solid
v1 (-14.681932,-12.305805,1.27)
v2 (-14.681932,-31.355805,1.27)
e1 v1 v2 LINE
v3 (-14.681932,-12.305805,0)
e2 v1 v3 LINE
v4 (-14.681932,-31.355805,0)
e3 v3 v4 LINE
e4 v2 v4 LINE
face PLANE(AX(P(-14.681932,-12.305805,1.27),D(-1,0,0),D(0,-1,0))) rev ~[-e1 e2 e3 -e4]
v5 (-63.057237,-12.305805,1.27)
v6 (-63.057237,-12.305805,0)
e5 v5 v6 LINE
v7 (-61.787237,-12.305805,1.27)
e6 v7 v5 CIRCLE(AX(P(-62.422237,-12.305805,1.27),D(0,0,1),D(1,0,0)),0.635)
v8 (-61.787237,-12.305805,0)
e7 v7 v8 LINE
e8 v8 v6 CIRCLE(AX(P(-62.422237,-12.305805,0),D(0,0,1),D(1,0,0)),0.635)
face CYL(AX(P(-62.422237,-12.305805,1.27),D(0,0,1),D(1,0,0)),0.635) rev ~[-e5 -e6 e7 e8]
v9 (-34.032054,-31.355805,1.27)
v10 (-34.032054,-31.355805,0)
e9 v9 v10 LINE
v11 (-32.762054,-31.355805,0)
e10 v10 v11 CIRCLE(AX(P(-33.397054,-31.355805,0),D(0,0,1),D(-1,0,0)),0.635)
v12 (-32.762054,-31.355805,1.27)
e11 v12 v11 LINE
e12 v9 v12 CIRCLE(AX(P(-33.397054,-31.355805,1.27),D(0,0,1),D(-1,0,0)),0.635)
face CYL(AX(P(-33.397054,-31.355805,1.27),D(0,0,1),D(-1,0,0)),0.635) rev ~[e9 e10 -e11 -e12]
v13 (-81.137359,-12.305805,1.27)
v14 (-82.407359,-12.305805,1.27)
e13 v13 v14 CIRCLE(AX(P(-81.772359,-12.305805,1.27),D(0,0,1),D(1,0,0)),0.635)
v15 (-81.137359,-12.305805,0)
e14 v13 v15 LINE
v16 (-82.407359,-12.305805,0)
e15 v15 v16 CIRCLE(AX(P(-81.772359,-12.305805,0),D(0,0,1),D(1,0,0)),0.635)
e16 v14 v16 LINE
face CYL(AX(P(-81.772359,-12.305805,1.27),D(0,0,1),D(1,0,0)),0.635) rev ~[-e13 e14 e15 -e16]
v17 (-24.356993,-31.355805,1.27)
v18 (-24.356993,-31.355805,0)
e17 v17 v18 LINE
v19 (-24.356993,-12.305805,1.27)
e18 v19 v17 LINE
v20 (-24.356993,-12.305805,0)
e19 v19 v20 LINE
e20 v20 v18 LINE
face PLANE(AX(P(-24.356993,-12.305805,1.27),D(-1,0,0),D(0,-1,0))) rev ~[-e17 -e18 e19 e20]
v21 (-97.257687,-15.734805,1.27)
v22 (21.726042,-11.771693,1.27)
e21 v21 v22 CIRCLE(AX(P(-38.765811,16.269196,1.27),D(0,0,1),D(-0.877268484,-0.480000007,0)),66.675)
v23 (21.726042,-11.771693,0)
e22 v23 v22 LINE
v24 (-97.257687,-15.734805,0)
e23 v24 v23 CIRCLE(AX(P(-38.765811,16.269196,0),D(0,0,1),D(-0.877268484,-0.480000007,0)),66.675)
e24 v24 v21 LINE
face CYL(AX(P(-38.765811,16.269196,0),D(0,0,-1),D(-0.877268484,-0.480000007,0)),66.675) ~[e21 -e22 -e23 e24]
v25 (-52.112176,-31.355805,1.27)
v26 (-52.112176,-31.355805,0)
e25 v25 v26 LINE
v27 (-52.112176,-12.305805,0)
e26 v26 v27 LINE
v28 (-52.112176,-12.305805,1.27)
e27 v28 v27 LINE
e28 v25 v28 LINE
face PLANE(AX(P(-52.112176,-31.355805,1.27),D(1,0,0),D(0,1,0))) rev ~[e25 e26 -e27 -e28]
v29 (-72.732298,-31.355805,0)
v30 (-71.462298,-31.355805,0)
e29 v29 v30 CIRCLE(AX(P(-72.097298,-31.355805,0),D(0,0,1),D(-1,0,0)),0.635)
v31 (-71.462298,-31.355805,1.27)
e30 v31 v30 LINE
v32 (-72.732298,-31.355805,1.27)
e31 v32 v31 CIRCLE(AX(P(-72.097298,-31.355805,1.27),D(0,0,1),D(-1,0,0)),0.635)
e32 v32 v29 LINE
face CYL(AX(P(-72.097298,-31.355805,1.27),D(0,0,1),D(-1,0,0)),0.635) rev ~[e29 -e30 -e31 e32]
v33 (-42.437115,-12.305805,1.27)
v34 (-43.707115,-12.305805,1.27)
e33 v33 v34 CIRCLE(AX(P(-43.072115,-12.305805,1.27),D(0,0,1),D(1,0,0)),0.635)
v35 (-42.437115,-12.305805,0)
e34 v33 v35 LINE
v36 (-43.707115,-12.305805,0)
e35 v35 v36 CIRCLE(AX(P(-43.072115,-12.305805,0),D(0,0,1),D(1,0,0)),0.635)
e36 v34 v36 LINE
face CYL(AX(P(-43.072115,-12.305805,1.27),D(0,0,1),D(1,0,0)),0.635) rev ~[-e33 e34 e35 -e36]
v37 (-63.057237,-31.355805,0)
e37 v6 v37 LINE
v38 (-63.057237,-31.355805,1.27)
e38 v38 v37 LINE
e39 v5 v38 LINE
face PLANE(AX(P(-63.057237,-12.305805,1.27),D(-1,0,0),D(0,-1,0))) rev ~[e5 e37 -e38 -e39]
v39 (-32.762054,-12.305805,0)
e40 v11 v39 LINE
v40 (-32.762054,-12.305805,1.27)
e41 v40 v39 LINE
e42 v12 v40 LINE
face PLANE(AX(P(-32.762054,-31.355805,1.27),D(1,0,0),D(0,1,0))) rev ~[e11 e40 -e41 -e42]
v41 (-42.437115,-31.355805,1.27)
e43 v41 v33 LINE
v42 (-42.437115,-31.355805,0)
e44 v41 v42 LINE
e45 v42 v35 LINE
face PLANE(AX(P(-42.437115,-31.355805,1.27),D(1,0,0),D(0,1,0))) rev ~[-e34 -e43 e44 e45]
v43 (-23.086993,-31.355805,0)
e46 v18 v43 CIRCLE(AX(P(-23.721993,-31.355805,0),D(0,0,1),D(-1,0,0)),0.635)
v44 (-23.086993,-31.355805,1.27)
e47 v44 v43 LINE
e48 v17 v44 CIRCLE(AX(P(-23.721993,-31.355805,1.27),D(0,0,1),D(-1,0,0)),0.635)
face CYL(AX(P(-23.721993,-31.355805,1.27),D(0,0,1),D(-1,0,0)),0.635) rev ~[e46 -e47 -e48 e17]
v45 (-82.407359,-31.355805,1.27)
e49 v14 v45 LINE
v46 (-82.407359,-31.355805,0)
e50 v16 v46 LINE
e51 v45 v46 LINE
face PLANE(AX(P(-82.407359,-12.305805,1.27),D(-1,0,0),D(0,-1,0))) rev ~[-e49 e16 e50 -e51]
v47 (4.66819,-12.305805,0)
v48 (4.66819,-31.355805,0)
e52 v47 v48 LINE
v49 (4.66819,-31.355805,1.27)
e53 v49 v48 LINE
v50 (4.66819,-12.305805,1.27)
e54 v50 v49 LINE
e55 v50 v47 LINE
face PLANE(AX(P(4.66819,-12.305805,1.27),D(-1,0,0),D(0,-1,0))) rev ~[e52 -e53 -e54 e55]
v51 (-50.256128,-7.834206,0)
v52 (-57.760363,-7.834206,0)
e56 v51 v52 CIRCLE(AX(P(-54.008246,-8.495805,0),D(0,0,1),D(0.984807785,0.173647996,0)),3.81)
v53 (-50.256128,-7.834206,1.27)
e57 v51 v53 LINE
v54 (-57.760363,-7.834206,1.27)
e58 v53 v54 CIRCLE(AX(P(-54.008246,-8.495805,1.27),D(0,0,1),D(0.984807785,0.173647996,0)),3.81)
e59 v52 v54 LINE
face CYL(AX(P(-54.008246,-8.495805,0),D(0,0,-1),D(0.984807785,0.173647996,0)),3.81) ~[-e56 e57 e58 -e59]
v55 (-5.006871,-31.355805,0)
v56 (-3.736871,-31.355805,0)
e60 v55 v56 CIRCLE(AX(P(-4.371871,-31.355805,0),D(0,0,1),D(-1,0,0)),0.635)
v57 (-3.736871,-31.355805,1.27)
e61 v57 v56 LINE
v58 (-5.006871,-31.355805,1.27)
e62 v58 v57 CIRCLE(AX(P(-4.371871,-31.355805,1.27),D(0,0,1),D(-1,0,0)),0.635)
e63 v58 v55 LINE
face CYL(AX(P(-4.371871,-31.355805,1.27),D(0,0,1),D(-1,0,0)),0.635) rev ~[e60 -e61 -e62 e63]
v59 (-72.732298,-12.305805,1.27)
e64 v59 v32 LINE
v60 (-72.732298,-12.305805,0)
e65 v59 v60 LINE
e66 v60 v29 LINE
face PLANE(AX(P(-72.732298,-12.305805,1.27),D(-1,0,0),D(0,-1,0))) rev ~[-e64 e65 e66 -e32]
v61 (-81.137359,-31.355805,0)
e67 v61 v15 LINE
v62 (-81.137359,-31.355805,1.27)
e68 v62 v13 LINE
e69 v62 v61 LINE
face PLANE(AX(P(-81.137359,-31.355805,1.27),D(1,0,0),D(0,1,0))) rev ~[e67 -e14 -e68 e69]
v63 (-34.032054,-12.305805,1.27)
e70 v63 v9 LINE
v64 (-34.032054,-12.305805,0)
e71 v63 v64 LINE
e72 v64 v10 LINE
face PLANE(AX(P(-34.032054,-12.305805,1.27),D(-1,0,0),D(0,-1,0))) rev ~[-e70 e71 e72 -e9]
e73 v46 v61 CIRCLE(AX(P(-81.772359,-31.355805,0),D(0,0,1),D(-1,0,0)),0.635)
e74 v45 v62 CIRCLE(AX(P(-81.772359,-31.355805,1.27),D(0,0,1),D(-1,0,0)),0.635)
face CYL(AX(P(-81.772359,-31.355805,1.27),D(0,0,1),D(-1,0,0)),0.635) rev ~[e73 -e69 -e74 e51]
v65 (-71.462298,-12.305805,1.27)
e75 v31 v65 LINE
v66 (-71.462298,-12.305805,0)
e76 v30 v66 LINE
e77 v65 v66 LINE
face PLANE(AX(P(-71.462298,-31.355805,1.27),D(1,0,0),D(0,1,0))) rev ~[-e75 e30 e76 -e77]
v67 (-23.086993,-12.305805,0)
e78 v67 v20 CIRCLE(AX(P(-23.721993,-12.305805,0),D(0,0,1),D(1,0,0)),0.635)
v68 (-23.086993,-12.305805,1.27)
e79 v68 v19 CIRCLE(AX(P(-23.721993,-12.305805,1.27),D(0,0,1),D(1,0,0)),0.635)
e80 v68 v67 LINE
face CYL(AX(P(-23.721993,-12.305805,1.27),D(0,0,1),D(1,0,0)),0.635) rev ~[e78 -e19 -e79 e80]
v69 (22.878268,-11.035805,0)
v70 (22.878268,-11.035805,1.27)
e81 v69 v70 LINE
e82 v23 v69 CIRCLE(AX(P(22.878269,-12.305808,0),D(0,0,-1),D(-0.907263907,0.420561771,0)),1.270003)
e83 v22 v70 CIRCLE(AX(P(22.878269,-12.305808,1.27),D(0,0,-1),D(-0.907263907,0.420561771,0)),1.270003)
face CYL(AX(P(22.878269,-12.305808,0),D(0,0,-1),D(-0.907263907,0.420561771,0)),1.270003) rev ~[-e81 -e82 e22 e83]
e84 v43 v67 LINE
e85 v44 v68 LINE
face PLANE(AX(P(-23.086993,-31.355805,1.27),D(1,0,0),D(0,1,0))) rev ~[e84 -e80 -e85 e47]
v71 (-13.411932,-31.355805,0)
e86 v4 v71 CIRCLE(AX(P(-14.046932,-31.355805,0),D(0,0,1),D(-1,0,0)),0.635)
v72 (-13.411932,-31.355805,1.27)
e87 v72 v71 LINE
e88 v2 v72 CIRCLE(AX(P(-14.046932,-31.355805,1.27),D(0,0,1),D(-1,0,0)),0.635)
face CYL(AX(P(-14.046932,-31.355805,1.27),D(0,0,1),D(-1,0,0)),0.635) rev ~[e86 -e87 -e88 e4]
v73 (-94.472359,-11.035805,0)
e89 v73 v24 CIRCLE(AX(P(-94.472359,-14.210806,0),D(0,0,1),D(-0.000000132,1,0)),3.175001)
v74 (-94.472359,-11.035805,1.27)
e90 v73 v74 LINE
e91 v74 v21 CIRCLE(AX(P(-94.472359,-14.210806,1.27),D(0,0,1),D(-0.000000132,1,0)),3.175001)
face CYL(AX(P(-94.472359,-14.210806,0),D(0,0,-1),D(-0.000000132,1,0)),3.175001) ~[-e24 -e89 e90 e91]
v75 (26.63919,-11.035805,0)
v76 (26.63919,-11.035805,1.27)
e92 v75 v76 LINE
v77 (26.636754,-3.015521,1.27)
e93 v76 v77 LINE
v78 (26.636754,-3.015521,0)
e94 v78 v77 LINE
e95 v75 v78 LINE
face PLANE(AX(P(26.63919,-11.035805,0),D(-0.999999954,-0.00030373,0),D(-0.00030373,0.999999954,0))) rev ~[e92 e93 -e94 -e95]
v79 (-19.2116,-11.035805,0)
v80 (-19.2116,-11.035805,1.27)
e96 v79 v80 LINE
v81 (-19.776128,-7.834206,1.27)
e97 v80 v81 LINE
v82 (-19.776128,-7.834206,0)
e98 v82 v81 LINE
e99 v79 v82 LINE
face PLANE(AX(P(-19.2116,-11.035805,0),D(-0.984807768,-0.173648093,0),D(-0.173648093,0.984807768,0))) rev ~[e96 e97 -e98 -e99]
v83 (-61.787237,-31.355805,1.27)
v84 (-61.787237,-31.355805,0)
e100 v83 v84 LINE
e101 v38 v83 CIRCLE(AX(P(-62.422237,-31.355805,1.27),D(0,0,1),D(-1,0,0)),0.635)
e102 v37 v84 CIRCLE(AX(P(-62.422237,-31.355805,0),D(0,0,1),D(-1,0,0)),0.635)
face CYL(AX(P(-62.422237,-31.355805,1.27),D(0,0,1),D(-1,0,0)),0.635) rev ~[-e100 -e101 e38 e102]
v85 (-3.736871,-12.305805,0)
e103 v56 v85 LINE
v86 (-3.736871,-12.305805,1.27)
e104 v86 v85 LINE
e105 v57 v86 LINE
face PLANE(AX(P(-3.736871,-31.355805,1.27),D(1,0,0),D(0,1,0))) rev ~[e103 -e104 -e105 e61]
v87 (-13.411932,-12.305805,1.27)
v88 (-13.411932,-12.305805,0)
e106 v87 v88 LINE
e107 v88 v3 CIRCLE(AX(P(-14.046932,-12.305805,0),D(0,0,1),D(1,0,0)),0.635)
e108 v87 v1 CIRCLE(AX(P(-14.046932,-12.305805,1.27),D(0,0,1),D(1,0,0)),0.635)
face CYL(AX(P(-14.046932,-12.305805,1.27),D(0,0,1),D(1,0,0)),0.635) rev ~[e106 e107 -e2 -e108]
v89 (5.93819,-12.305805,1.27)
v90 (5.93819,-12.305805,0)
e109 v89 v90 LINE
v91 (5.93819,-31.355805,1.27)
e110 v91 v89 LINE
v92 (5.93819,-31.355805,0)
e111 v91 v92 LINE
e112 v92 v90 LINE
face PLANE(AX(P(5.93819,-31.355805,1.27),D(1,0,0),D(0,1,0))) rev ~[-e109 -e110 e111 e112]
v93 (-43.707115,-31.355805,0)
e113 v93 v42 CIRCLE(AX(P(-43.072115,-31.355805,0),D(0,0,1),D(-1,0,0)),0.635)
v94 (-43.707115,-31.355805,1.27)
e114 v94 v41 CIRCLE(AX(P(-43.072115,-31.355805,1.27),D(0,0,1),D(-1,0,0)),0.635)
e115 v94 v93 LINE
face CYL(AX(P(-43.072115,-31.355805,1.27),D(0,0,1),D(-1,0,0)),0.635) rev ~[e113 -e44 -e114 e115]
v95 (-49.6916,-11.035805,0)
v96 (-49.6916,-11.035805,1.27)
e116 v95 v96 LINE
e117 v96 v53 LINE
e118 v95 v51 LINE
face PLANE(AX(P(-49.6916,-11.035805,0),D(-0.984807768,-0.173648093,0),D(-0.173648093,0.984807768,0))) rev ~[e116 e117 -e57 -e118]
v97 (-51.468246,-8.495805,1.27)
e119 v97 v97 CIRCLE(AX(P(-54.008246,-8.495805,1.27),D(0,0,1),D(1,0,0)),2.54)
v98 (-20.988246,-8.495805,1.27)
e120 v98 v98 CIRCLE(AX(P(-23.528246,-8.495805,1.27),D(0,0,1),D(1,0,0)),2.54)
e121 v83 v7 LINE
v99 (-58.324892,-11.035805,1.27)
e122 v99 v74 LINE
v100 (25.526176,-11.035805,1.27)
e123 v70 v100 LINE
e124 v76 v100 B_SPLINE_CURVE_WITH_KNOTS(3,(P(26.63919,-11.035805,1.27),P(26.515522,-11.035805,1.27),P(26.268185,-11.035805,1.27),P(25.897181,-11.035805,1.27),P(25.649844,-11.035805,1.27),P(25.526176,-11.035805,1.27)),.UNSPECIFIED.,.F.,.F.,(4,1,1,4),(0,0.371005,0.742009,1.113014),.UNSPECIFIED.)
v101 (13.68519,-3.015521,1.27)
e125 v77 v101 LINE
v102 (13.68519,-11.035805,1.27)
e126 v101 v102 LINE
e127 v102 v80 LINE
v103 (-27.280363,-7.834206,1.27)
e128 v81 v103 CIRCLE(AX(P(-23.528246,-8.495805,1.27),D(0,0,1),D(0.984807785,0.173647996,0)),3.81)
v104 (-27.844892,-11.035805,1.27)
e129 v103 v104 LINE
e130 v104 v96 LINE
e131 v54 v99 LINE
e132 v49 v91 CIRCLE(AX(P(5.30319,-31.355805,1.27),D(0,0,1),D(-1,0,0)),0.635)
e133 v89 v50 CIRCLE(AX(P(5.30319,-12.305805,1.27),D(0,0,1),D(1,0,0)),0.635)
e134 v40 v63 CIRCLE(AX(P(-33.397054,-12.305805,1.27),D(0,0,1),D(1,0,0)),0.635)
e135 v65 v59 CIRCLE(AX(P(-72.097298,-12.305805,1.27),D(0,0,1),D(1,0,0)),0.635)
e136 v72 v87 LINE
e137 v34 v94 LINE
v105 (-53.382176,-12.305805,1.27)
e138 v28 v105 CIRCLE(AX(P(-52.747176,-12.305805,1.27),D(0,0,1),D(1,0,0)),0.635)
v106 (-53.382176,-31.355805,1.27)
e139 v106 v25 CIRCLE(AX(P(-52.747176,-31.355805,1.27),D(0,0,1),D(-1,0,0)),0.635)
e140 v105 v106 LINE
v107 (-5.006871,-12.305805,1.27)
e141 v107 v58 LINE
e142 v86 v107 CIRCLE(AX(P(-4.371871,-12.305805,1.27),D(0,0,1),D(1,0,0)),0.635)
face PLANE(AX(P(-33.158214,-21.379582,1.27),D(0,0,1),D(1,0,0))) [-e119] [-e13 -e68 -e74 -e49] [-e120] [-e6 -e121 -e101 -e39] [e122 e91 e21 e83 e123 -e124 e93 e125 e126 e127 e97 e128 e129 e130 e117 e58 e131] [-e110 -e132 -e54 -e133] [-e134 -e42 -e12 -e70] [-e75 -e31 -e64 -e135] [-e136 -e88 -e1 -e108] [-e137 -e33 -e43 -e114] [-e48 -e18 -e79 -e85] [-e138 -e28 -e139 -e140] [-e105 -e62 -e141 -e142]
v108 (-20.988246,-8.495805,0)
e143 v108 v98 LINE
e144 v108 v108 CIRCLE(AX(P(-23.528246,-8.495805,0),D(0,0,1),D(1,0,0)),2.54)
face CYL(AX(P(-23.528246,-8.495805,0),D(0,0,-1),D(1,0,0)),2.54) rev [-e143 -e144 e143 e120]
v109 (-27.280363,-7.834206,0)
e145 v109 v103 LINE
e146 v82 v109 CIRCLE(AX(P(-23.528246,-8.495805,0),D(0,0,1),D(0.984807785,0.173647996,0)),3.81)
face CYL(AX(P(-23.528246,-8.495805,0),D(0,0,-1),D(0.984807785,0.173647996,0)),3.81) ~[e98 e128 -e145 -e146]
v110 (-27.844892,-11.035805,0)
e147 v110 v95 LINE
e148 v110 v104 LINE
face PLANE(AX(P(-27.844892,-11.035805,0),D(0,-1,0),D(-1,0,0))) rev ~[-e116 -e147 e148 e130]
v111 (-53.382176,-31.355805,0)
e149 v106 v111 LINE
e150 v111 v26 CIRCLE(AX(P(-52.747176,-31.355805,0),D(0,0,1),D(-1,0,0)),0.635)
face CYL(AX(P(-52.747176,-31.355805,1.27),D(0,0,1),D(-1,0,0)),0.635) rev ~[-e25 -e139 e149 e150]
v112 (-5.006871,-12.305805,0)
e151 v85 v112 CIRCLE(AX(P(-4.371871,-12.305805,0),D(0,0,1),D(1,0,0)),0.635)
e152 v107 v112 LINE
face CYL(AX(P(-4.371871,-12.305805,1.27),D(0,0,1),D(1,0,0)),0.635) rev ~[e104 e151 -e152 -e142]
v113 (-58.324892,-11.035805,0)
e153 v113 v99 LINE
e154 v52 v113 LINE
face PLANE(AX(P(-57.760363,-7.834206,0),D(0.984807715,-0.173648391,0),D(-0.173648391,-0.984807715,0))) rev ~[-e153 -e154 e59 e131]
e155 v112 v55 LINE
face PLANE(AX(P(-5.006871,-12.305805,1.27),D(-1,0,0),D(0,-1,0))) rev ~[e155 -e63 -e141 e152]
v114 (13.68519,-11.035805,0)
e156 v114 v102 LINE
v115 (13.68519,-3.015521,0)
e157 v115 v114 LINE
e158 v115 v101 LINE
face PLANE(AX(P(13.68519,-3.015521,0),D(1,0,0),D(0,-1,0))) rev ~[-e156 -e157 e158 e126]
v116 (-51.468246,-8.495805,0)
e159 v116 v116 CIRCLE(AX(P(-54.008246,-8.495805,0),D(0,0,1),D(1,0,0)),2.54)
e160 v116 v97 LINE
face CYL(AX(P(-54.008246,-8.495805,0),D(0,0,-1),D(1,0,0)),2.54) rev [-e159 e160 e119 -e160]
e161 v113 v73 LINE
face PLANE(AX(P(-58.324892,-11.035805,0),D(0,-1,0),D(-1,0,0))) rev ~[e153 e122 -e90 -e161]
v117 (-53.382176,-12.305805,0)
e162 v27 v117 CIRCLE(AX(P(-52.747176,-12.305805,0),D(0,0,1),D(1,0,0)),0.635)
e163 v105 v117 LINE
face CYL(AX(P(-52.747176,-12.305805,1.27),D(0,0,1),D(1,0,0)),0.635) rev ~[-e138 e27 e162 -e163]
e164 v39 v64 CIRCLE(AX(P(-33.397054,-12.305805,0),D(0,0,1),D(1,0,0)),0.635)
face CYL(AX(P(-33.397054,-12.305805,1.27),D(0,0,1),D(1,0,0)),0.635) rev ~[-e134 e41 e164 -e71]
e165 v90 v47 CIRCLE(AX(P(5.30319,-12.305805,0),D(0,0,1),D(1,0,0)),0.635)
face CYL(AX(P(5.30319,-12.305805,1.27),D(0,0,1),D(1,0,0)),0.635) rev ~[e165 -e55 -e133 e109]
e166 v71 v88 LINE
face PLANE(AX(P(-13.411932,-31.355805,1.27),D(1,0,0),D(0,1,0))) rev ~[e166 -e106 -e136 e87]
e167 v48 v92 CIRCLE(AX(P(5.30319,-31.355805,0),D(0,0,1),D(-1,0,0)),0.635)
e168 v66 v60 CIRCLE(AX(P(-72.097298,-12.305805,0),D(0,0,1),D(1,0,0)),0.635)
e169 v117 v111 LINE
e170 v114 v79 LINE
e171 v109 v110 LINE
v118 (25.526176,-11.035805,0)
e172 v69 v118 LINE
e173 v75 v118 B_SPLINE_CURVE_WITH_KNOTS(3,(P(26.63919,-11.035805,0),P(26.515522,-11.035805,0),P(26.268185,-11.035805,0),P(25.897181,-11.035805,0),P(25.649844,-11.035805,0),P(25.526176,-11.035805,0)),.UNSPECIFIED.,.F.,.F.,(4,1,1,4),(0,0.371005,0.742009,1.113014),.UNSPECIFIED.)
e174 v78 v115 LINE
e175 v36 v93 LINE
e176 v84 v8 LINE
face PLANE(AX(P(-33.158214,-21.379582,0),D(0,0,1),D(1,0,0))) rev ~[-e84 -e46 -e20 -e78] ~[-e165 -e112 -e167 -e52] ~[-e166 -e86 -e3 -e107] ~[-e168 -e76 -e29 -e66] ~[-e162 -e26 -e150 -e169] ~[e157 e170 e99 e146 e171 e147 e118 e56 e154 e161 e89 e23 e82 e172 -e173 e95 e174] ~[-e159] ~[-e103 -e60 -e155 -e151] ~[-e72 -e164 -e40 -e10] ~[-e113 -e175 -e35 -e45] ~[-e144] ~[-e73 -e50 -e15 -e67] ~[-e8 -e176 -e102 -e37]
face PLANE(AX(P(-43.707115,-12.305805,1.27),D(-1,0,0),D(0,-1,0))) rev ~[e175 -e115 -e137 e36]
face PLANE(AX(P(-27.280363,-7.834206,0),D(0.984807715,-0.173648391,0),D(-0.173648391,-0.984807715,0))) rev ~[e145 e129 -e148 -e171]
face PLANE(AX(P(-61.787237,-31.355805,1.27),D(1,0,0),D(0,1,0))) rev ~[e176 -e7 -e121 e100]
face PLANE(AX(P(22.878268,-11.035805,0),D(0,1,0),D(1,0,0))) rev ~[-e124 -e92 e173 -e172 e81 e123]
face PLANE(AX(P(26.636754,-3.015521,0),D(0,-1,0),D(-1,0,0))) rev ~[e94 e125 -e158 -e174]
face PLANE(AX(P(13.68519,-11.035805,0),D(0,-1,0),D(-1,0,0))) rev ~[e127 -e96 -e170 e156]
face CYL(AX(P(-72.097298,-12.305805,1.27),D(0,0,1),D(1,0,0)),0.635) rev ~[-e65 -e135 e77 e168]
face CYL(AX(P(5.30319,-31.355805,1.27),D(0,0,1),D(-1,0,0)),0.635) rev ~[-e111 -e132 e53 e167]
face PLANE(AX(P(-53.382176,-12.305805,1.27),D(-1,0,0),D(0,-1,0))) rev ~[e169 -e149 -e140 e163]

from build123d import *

# Parameters (mm, degrees)
F0_R     = 2.54
F1_DEPTH = 1.27
F3_DEPTH = 25.4


with BuildPart() as f1:
    # F0 (on Top) → F1 (new body)
    with BuildSketch(Plane.XY):
        with BuildLine():
            ThreePointArc((-94.472359, -11.035805), (-97.203597, -12.591866), (-97.257687, -15.734805))
            ThreePointArc((-97.257687, -15.734805), (-36.546229, -50.36885), (21.726042, -11.771693))
            ThreePointArc((21.726042, -11.771693), (22.194683, -11.235473), (22.878268, -11.035805))
            Line((22.878268, -11.035805), (25.526176, -11.035805))
            add(Edge.make_bspline(
                [(26.63919, -11.035805), (26.515522, -11.035805), (26.268185, -11.035805), (25.897181, -11.035805), (25.649844, -11.035805), (25.526176, -11.035805)],
                knots=[0, 0, 0, 0, 0.371005, 0.742009, 1.113014, 1.113014, 1.113014, 1.113014], degree=3))
            Line((26.63919, -11.035805), (26.636754, -3.015521))
            Line((26.636754, -3.015521), (15.20919, -3.015521))
            Line((15.20919, -3.015521), (15.206754, -3.015521))
            Line((15.206754, -3.015521), (13.68519, -3.015521))
            Line((13.68519, -3.015521), (13.68519, -11.035805))
            Line((13.68519, -11.035805), (-19.2116, -11.035805))
            Line((-19.2116, -11.035805), (-19.776128, -7.834206))
            ThreePointArc((-19.776128, -7.834206), (-23.528246, -4.685805), (-27.280363, -7.834206))
            Line((-27.280363, -7.834206), (-27.844892, -11.035805))
            Line((-27.844892, -11.035805), (-33.688246, -11.035805))
            Line((-33.688246, -11.035805), (-49.6916, -11.035805))
            Line((-49.6916, -11.035805), (-50.256128, -7.834206))
            ThreePointArc((-50.256128, -7.834206), (-54.008246, -4.685805), (-57.760363, -7.834206))
            Line((-57.760363, -7.834206), (-58.324892, -11.035805))
            Line((-58.324892, -11.035805), (-64.168246, -11.035805))
            Line((-64.168246, -11.035805), (-94.472359, -11.035805))
        make_face()
        with Locations((-54.008246, -8.495805)):
            Circle(F0_R, mode=Mode.SUBTRACT)
        with Locations((-23.528246, -8.495805)):
            Circle(F0_R, mode=Mode.SUBTRACT)
    extrude(amount=F1_DEPTH)

    # F2 (on face) → F3 (cut)
    with BuildSketch(Plane.XY.offset(1.27)):
        with BuildLine():
            ThreePointArc((-81.137359, -12.305805), (-81.772359, -11.670805), (-82.407359, -12.305805))
            Line((-82.407359, -12.305805), (-82.407359, -31.355805))
            ThreePointArc((-82.407359, -31.355805), (-81.772359, -31.990805), (-81.137359, -31.355805))
            Line((-81.137359, -31.355805), (-81.137359, -12.305805))
        make_face()
        with BuildLine():
            ThreePointArc((-71.462298, -12.305805), (-72.097298, -11.670805), (-72.732298, -12.305805))
            Line((-72.732298, -12.305805), (-72.732298, -31.355805))
            ThreePointArc((-72.732298, -31.355805), (-72.097298, -31.990805), (-71.462298, -31.355805))
            Line((-71.462298, -31.355805), (-71.462298, -12.305805))
        make_face()
        with BuildLine():
            ThreePointArc((-61.787237, -12.305805), (-62.422237, -11.670805), (-63.057237, -12.305805))
            Line((-63.057237, -12.305805), (-63.057237, -31.355805))
            ThreePointArc((-63.057237, -31.355805), (-62.422237, -31.990805), (-61.787237, -31.355805))
            Line((-61.787237, -31.355805), (-61.787237, -12.305805))
        make_face()
        with BuildLine():
            ThreePointArc((-52.112176, -12.305805), (-52.747176, -11.670805), (-53.382176, -12.305805))
            Line((-53.382176, -12.305805), (-53.382176, -31.355805))
            ThreePointArc((-53.382176, -31.355805), (-52.747176, -31.990805), (-52.112176, -31.355805))
            Line((-52.112176, -31.355805), (-52.112176, -12.305805))
        make_face()
        with BuildLine():
            ThreePointArc((-42.437115, -12.305805), (-43.072115, -11.670805), (-43.707115, -12.305805))
            Line((-43.707115, -12.305805), (-43.707115, -31.355805))
            ThreePointArc((-43.707115, -31.355805), (-43.072115, -31.990805), (-42.437115, -31.355805))
            Line((-42.437115, -31.355805), (-42.437115, -12.305805))
        make_face()
        with BuildLine():
            ThreePointArc((-32.762054, -12.305805), (-33.397054, -11.670805), (-34.032054, -12.305805))
            Line((-34.032054, -12.305805), (-34.032054, -31.355805))
            ThreePointArc((-34.032054, -31.355805), (-33.397054, -31.990805), (-32.762054, -31.355805))
            Line((-32.762054, -31.355805), (-32.762054, -12.305805))
        make_face()
        with BuildLine():
            ThreePointArc((-23.086993, -12.305805), (-23.721993, -11.670805), (-24.356993, -12.305805))
            Line((-24.356993, -12.305805), (-24.356993, -31.355805))
            ThreePointArc((-24.356993, -31.355805), (-23.721993, -31.990805), (-23.086993, -31.355805))
            Line((-23.086993, -31.355805), (-23.086993, -12.305805))
        make_face()
        with BuildLine():
            ThreePointArc((-13.411932, -12.305805), (-14.046932, -11.670805), (-14.681932, -12.305805))
            Line((-14.681932, -12.305805), (-14.681932, -31.355805))
            ThreePointArc((-14.681932, -31.355805), (-14.046932, -31.990805), (-13.411932, -31.355805))
            Line((-13.411932, -31.355805), (-13.411932, -12.305805))
        make_face()
        with BuildLine():
            ThreePointArc((-3.736871, -12.305805), (-4.371871, -11.670805), (-5.006871, -12.305805))
            Line((-5.006871, -12.305805), (-5.006871, -31.355805))
            ThreePointArc((-5.006871, -31.355805), (-4.371871, -31.990805), (-3.736871, -31.355805))
            Line((-3.736871, -31.355805), (-3.736871, -12.305805))
        make_face()
        with BuildLine():
            ThreePointArc((5.93819, -12.305805), (5.30319, -11.670805), (4.66819, -12.305805))
            Line((4.66819, -12.305805), (4.66819, -31.355805))
            ThreePointArc((4.66819, -31.355805), (5.30319, -31.990805), (5.93819, -31.355805))
            Line((5.93819, -31.355805), (5.93819, -12.305805))
        make_face()
    extrude(amount=-F3_DEPTH, mode=Mode.SUBTRACT)


solid = f1.part
